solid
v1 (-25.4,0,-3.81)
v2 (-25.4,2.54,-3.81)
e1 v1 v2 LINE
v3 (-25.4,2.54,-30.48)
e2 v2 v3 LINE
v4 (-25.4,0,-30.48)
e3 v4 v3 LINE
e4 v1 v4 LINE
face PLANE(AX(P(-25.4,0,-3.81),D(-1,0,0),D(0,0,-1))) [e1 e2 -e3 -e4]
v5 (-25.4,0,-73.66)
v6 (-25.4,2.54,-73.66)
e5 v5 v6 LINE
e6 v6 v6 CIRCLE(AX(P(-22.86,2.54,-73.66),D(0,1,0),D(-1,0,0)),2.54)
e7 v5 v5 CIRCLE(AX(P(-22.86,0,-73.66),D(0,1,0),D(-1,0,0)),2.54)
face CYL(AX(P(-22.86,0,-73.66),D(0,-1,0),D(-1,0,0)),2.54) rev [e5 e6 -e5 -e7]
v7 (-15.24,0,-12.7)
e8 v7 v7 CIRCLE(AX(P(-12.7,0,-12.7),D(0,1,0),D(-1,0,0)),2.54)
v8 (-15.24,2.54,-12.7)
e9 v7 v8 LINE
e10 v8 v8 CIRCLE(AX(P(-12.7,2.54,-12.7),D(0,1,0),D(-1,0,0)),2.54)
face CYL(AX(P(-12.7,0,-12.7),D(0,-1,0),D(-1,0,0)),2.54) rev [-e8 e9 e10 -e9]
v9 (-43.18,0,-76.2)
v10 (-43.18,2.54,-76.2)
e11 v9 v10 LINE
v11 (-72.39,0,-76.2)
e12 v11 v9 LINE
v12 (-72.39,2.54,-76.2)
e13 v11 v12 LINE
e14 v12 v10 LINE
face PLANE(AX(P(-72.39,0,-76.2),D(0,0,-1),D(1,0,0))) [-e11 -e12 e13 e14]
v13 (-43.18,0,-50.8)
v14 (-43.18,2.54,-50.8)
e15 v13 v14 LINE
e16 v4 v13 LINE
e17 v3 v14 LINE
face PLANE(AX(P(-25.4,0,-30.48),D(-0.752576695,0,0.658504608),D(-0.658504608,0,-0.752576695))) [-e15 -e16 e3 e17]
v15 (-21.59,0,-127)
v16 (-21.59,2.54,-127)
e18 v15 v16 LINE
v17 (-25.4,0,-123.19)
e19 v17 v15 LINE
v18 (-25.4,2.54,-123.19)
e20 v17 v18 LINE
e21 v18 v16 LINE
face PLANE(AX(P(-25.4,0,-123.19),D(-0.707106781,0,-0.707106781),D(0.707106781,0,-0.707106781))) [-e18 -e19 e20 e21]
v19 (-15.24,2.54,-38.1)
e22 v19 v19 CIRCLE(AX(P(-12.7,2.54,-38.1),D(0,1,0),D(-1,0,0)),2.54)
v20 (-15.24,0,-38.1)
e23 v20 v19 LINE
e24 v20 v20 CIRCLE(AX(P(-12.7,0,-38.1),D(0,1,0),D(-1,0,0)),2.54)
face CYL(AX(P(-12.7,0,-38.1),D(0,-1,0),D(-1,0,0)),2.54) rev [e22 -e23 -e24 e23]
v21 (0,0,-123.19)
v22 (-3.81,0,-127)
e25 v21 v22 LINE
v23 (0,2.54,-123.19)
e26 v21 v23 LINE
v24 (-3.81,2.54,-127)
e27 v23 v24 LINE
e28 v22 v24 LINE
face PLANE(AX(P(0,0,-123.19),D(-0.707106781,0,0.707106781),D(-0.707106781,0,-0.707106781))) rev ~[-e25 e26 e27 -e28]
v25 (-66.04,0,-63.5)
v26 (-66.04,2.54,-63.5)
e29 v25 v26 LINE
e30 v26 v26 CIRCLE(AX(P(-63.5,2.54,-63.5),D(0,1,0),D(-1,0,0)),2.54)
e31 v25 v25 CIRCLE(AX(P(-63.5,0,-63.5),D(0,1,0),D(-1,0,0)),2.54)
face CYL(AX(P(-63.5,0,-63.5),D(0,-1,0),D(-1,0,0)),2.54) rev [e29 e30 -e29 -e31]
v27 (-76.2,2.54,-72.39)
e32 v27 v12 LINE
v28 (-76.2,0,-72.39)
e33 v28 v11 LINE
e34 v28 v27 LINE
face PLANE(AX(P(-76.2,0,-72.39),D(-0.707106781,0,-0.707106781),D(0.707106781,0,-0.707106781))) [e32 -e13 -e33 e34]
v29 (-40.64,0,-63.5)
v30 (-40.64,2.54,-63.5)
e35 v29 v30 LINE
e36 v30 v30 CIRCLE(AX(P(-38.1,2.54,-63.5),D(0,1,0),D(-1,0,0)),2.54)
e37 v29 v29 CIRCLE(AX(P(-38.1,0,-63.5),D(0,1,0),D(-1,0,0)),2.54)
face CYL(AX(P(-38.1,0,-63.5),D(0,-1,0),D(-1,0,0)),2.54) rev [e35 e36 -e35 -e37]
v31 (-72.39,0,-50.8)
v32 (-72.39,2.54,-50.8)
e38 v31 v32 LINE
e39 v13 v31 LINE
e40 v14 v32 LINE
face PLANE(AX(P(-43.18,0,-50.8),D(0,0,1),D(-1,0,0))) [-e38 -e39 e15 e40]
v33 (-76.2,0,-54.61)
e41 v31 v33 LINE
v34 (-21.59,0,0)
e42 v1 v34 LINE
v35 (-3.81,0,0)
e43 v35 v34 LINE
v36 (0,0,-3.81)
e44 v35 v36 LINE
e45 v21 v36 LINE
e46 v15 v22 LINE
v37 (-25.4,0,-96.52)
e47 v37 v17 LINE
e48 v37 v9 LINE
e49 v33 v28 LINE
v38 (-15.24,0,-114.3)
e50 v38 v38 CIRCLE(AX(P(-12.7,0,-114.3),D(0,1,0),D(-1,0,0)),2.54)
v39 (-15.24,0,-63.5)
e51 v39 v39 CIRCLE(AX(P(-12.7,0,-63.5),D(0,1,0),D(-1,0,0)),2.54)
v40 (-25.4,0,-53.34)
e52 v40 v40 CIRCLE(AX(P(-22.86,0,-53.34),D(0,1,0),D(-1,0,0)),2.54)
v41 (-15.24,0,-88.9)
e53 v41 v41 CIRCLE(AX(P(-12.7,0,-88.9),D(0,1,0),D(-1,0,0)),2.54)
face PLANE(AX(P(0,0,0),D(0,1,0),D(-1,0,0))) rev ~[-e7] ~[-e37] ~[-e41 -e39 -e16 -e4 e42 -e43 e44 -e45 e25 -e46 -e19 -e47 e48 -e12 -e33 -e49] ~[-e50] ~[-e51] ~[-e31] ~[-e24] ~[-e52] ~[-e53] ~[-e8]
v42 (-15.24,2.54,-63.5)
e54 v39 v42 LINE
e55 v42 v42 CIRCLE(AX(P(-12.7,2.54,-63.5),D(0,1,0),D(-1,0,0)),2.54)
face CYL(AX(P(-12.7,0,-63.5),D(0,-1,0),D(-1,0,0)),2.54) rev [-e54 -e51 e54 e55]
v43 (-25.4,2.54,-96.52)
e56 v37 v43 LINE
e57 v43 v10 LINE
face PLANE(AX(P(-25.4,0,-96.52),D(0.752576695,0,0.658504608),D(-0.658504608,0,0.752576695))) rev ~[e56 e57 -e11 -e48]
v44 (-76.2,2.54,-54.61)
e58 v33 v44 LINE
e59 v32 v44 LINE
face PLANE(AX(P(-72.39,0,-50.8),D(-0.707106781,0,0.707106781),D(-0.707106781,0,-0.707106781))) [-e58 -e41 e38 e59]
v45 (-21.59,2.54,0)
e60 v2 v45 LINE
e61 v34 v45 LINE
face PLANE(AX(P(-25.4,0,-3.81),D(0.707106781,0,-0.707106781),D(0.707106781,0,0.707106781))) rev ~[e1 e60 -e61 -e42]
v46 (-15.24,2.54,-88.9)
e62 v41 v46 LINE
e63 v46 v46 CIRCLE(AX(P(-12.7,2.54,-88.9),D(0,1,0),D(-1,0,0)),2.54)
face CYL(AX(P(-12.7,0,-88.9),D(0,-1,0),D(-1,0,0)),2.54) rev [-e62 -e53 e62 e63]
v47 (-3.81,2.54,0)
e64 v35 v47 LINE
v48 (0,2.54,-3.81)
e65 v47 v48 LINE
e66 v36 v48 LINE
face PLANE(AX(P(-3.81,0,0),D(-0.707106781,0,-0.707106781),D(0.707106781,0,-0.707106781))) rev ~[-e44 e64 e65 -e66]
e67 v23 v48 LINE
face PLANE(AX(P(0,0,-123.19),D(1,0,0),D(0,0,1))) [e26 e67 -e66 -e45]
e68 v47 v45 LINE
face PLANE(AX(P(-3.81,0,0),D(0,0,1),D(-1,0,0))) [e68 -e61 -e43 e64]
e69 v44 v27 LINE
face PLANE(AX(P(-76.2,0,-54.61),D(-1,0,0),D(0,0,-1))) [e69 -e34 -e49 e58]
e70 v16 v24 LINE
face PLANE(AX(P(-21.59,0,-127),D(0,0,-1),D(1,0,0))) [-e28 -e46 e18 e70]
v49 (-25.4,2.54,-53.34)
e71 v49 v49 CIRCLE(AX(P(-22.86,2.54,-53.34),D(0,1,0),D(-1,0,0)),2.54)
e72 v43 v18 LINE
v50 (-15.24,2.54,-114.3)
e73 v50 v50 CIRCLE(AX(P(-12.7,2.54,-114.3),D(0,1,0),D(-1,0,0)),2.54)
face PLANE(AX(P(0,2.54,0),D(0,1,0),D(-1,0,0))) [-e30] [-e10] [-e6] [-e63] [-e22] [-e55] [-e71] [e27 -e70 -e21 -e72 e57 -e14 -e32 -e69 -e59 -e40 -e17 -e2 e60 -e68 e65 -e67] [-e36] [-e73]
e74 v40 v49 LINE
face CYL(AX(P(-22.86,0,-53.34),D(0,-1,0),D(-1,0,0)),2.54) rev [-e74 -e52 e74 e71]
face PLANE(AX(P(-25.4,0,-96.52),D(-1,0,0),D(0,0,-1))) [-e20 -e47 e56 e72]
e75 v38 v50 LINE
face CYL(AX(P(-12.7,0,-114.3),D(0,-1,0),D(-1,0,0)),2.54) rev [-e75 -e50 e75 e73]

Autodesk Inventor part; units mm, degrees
ref_plane "YZ Plane" through (0, 0, 0) normal (1, 0, 0) x (0, 1, 0)
ref_plane "XZ Plane" through (0, 0, 0) normal (0, 1, 0) x (-1, 0, 0)
ref_plane "XY Plane" through (0, 0, 0) normal (0, 0, 1) x (1, 0, 0)
sketch "Sketch1" plane through (0, 0, 0) normal (0, 1, 0) x (-1, 0, 0)
  line L0 (25.4, -30.48) -> (43.18, -50.8)
  line L1 (25.4, -96.52) -> (43.18, -76.2)
  line L2 (3.81, 0) -> (0, -3.81)
  line L3 (0, -123.19) -> (3.81, -127)
  line L4 (25.4, -123.19) -> (21.59, -127)
  line L5 (25.4, -3.81) -> (21.59, 0)
  line L6 (72.39, -50.8) -> (76.2, -54.61)
  line L7 (76.2, -72.39) -> (72.39, -76.2)
  line L8 (25.4, -3.81) -> (25.4, -30.48)
  line L9 (43.18, -50.8) -> (72.39, -50.8)
  line L10 (76.2, -54.61) -> (76.2, -72.39)
  line L11 (72.39, -76.2) -> (43.18, -76.2)
  line L12 (25.4, -96.52) -> (25.4, -123.19)
  line L13 (21.59, -127) -> (3.81, -127)
  line L14 (0, -123.19) -> (0, -3.81)
  line L15 (3.81, 0) -> (21.59, 0)
  circle A0 centre (12.7, -12.7) radius 2.54
  circle A1 centre (12.7, -38.1) radius 2.54
  circle A2 centre (12.7, -63.5) radius 2.54
  circle A3 centre (12.7, -88.9) radius 2.54
  circle A4 centre (12.7, -114.3) radius 2.54
  circle A5 centre (63.5, -63.5) radius 2.54
  circle A6 centre (38.1, -63.5) radius 2.54
  circle A7 centre (22.86, -53.34) radius 2.54
  circle A8 centre (22.86, -73.66) radius 2.54
  point P0 (0, 0)
extrude "Extrusion1" add sketch "Sketch1" along normal blind 2.54
properties part number "1in tbracket for alu extrusions" material "Steel, Alloy"
